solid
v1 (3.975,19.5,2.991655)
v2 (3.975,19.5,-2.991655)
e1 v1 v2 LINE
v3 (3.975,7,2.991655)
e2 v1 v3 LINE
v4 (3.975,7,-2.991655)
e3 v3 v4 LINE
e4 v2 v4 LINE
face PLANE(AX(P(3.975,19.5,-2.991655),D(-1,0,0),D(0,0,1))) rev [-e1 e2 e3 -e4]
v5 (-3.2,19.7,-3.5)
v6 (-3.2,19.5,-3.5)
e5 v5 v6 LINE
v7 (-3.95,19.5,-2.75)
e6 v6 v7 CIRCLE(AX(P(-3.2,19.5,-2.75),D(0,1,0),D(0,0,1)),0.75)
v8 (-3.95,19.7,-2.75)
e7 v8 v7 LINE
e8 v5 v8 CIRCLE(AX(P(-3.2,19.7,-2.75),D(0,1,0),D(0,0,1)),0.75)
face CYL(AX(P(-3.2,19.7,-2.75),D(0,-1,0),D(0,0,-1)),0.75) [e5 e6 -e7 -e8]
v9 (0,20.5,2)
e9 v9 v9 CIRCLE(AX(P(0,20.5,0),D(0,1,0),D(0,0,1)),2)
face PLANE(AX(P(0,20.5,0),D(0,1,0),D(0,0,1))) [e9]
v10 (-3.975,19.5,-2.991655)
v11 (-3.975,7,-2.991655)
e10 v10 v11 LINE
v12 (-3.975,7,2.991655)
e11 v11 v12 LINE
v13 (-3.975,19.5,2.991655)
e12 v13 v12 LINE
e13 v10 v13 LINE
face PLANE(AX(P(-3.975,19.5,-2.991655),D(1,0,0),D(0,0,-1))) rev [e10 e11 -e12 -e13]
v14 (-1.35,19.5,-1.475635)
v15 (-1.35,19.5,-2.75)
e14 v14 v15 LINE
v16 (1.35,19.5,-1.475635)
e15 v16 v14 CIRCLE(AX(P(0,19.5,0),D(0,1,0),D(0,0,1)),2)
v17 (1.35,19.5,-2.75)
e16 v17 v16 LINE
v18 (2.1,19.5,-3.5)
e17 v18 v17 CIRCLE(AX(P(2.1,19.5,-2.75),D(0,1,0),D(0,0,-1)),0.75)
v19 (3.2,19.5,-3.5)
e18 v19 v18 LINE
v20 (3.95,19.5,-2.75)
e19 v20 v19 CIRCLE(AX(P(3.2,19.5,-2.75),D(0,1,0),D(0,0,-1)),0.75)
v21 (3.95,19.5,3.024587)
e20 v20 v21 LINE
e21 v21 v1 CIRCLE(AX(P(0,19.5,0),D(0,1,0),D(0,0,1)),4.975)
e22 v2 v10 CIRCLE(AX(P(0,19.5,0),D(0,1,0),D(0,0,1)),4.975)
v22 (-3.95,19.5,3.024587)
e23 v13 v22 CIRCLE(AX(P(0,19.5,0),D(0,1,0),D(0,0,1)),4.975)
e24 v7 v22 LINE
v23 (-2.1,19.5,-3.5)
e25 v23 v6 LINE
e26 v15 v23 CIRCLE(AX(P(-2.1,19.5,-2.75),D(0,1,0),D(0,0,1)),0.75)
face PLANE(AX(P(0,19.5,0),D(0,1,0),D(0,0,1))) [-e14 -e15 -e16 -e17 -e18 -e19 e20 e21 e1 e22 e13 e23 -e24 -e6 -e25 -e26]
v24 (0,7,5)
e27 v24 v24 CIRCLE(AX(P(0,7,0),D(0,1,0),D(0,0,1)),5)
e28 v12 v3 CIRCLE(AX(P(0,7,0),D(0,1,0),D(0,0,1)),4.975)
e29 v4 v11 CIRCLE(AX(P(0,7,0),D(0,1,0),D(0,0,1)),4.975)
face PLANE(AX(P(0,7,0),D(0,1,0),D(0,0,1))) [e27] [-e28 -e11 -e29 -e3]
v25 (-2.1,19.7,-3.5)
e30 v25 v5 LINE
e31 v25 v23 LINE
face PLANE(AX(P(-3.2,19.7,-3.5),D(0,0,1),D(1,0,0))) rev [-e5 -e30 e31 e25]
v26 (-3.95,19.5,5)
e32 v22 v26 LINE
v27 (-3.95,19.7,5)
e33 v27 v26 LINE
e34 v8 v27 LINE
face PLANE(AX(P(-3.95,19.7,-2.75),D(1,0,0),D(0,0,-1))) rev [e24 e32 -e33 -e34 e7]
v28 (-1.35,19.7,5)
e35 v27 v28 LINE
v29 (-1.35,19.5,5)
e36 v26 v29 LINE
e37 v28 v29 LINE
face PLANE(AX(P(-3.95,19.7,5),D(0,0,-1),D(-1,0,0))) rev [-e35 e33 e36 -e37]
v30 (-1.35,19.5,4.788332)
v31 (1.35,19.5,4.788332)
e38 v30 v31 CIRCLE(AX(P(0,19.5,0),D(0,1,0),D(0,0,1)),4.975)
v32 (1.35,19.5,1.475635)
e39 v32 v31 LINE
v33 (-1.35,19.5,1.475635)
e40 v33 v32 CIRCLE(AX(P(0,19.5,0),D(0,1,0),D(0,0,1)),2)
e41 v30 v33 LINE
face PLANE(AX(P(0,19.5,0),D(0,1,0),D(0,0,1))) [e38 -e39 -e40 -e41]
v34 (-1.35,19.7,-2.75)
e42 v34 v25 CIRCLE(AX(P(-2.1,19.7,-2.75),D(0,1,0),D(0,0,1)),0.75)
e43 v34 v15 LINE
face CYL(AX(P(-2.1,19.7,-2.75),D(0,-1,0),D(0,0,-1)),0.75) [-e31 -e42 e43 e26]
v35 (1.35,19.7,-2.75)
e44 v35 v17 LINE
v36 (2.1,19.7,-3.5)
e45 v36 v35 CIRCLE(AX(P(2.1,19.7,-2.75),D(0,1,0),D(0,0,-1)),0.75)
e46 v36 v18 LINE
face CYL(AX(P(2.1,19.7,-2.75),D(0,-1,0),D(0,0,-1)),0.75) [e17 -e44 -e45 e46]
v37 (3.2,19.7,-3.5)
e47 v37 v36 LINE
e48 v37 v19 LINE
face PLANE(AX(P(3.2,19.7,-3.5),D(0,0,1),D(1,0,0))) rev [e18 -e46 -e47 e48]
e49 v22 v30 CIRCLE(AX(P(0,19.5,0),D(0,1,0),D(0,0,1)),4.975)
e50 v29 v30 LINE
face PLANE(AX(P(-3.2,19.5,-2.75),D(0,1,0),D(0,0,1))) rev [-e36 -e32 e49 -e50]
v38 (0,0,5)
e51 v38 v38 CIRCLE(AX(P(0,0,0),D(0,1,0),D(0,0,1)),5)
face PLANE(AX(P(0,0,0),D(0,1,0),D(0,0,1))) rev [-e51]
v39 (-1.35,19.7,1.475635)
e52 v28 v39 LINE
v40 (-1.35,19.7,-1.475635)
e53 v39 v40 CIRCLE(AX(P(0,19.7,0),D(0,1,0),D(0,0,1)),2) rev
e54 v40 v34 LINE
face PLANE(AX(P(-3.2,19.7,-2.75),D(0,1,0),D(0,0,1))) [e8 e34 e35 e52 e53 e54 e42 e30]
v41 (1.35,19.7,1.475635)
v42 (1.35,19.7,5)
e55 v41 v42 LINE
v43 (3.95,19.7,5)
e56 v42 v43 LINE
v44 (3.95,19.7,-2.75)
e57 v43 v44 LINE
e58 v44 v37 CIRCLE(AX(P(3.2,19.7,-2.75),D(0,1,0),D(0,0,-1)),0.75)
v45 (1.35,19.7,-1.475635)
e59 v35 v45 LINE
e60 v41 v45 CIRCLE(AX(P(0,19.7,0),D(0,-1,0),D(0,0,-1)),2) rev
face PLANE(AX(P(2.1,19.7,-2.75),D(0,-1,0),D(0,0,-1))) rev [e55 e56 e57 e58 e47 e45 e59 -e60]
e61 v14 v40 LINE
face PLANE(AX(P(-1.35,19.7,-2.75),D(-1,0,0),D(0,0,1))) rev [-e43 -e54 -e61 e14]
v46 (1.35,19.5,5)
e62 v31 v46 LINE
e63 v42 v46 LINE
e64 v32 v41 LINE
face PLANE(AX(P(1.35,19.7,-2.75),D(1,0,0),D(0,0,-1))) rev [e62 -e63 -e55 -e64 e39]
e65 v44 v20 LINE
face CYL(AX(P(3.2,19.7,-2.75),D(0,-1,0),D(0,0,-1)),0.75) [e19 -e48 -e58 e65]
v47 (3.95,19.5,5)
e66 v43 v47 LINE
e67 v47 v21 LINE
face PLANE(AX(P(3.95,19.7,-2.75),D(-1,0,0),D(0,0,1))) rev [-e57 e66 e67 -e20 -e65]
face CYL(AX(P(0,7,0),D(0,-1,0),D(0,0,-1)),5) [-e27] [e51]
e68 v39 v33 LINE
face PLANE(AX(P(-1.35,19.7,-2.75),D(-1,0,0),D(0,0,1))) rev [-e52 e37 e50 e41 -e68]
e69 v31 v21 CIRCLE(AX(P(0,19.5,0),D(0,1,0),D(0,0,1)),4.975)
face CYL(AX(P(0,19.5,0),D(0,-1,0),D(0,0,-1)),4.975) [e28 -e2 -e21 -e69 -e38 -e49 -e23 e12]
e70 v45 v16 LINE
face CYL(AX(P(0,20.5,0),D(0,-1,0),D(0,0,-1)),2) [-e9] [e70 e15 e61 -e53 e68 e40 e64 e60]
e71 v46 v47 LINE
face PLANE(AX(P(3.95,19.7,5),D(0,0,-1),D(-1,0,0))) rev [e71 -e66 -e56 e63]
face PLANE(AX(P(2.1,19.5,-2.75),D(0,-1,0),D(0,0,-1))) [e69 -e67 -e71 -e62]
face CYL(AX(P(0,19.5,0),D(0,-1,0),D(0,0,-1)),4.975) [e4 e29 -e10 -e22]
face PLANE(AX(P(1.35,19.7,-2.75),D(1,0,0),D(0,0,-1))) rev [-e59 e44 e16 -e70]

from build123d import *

# Parameters (mm, degrees)
SKETCH2_R           = 5
BOSS_EXTRUDE1_DEPTH = 7
BOSS_EXTRUDE2_DEPTH = 12.5
BOSS_EXTRUDE3_DEPTH = 0.2
SKETCH5_R           = 2
BOSS_EXTRUDE4_DEPTH = 1


with BuildPart() as part:
    # Sketch2 → Boss-Extrude1 (new body)
    with BuildSketch(Plane(origin=(0, 0, 0), x_dir=(1, 0, 0), z_dir=(0, 1, 0))):
        with Locations(Location((0, 0, 0), (0, 0, 270))):
            Circle(SKETCH2_R)
    extrude(amount=BOSS_EXTRUDE1_DEPTH)

    # Sketch3 → Boss-Extrude2 (add)
    with BuildSketch(Plane(origin=(0, 7, 0), x_dir=(1, 0, 0), z_dir=(0, 1, 0))):
        with BuildLine():
            Line((-3.975, 2.99165506), (-3.975, -2.99165506))
            ThreePointArc((-3.975, -2.99165506), (0, -4.975), (3.975, -2.99165506))
            Line((3.975, -2.99165506), (3.975, 2.99165506))
            ThreePointArc((3.975, 2.99165506), (0, 4.975), (-3.975, 2.99165506))
        make_face()
    extrude(amount=BOSS_EXTRUDE2_DEPTH)

    # Sketch4 → Boss-Extrude3 (add)
    with BuildSketch(Plane(origin=(0, 19.5, 0), x_dir=(1, 0, 0), z_dir=(0, 1, 0))):
        with BuildLine():
            Line((-3.2, 3.5), (-2.1, 3.5))
            ThreePointArc((-2.1, 3.5), (-1.569669914, 3.280330086), (-1.35, 2.75))
            Line((-1.35, 2.75), (-1.35, -5))
            Line((-1.35, -5), (-3.95, -5))
            Line((-3.95, -5), (-3.95, 2.75))
            ThreePointArc((-3.95, 2.75), (-3.730330086, 3.280330086), (-3.2, 3.5))
        make_face()
        with BuildLine():
            Line((3.95, -5), (1.35, -5))
            Line((1.35, -5), (1.35, 2.75))
            ThreePointArc((1.35, 2.75), (1.569669914, 3.280330086), (2.1, 3.5))
            Line((2.1, 3.5), (3.2, 3.5))
            ThreePointArc((3.2, 3.5), (3.730330086, 3.280330086), (3.95, 2.75))
            Line((3.95, 2.75), (3.95, -5))
        make_face()
    extrude(amount=BOSS_EXTRUDE3_DEPTH)

    # Sketch5 → Boss-Extrude4 (add)
    with BuildSketch(Plane(origin=(0, 19.5, 0), x_dir=(1, 0, 0), z_dir=(0, 1, 0))):
        with Locations(Location((0, 0, 0), (0, 0, 47.545849796))):
            Circle(SKETCH5_R)
    extrude(amount=BOSS_EXTRUDE4_DEPTH)


solid = part.part
